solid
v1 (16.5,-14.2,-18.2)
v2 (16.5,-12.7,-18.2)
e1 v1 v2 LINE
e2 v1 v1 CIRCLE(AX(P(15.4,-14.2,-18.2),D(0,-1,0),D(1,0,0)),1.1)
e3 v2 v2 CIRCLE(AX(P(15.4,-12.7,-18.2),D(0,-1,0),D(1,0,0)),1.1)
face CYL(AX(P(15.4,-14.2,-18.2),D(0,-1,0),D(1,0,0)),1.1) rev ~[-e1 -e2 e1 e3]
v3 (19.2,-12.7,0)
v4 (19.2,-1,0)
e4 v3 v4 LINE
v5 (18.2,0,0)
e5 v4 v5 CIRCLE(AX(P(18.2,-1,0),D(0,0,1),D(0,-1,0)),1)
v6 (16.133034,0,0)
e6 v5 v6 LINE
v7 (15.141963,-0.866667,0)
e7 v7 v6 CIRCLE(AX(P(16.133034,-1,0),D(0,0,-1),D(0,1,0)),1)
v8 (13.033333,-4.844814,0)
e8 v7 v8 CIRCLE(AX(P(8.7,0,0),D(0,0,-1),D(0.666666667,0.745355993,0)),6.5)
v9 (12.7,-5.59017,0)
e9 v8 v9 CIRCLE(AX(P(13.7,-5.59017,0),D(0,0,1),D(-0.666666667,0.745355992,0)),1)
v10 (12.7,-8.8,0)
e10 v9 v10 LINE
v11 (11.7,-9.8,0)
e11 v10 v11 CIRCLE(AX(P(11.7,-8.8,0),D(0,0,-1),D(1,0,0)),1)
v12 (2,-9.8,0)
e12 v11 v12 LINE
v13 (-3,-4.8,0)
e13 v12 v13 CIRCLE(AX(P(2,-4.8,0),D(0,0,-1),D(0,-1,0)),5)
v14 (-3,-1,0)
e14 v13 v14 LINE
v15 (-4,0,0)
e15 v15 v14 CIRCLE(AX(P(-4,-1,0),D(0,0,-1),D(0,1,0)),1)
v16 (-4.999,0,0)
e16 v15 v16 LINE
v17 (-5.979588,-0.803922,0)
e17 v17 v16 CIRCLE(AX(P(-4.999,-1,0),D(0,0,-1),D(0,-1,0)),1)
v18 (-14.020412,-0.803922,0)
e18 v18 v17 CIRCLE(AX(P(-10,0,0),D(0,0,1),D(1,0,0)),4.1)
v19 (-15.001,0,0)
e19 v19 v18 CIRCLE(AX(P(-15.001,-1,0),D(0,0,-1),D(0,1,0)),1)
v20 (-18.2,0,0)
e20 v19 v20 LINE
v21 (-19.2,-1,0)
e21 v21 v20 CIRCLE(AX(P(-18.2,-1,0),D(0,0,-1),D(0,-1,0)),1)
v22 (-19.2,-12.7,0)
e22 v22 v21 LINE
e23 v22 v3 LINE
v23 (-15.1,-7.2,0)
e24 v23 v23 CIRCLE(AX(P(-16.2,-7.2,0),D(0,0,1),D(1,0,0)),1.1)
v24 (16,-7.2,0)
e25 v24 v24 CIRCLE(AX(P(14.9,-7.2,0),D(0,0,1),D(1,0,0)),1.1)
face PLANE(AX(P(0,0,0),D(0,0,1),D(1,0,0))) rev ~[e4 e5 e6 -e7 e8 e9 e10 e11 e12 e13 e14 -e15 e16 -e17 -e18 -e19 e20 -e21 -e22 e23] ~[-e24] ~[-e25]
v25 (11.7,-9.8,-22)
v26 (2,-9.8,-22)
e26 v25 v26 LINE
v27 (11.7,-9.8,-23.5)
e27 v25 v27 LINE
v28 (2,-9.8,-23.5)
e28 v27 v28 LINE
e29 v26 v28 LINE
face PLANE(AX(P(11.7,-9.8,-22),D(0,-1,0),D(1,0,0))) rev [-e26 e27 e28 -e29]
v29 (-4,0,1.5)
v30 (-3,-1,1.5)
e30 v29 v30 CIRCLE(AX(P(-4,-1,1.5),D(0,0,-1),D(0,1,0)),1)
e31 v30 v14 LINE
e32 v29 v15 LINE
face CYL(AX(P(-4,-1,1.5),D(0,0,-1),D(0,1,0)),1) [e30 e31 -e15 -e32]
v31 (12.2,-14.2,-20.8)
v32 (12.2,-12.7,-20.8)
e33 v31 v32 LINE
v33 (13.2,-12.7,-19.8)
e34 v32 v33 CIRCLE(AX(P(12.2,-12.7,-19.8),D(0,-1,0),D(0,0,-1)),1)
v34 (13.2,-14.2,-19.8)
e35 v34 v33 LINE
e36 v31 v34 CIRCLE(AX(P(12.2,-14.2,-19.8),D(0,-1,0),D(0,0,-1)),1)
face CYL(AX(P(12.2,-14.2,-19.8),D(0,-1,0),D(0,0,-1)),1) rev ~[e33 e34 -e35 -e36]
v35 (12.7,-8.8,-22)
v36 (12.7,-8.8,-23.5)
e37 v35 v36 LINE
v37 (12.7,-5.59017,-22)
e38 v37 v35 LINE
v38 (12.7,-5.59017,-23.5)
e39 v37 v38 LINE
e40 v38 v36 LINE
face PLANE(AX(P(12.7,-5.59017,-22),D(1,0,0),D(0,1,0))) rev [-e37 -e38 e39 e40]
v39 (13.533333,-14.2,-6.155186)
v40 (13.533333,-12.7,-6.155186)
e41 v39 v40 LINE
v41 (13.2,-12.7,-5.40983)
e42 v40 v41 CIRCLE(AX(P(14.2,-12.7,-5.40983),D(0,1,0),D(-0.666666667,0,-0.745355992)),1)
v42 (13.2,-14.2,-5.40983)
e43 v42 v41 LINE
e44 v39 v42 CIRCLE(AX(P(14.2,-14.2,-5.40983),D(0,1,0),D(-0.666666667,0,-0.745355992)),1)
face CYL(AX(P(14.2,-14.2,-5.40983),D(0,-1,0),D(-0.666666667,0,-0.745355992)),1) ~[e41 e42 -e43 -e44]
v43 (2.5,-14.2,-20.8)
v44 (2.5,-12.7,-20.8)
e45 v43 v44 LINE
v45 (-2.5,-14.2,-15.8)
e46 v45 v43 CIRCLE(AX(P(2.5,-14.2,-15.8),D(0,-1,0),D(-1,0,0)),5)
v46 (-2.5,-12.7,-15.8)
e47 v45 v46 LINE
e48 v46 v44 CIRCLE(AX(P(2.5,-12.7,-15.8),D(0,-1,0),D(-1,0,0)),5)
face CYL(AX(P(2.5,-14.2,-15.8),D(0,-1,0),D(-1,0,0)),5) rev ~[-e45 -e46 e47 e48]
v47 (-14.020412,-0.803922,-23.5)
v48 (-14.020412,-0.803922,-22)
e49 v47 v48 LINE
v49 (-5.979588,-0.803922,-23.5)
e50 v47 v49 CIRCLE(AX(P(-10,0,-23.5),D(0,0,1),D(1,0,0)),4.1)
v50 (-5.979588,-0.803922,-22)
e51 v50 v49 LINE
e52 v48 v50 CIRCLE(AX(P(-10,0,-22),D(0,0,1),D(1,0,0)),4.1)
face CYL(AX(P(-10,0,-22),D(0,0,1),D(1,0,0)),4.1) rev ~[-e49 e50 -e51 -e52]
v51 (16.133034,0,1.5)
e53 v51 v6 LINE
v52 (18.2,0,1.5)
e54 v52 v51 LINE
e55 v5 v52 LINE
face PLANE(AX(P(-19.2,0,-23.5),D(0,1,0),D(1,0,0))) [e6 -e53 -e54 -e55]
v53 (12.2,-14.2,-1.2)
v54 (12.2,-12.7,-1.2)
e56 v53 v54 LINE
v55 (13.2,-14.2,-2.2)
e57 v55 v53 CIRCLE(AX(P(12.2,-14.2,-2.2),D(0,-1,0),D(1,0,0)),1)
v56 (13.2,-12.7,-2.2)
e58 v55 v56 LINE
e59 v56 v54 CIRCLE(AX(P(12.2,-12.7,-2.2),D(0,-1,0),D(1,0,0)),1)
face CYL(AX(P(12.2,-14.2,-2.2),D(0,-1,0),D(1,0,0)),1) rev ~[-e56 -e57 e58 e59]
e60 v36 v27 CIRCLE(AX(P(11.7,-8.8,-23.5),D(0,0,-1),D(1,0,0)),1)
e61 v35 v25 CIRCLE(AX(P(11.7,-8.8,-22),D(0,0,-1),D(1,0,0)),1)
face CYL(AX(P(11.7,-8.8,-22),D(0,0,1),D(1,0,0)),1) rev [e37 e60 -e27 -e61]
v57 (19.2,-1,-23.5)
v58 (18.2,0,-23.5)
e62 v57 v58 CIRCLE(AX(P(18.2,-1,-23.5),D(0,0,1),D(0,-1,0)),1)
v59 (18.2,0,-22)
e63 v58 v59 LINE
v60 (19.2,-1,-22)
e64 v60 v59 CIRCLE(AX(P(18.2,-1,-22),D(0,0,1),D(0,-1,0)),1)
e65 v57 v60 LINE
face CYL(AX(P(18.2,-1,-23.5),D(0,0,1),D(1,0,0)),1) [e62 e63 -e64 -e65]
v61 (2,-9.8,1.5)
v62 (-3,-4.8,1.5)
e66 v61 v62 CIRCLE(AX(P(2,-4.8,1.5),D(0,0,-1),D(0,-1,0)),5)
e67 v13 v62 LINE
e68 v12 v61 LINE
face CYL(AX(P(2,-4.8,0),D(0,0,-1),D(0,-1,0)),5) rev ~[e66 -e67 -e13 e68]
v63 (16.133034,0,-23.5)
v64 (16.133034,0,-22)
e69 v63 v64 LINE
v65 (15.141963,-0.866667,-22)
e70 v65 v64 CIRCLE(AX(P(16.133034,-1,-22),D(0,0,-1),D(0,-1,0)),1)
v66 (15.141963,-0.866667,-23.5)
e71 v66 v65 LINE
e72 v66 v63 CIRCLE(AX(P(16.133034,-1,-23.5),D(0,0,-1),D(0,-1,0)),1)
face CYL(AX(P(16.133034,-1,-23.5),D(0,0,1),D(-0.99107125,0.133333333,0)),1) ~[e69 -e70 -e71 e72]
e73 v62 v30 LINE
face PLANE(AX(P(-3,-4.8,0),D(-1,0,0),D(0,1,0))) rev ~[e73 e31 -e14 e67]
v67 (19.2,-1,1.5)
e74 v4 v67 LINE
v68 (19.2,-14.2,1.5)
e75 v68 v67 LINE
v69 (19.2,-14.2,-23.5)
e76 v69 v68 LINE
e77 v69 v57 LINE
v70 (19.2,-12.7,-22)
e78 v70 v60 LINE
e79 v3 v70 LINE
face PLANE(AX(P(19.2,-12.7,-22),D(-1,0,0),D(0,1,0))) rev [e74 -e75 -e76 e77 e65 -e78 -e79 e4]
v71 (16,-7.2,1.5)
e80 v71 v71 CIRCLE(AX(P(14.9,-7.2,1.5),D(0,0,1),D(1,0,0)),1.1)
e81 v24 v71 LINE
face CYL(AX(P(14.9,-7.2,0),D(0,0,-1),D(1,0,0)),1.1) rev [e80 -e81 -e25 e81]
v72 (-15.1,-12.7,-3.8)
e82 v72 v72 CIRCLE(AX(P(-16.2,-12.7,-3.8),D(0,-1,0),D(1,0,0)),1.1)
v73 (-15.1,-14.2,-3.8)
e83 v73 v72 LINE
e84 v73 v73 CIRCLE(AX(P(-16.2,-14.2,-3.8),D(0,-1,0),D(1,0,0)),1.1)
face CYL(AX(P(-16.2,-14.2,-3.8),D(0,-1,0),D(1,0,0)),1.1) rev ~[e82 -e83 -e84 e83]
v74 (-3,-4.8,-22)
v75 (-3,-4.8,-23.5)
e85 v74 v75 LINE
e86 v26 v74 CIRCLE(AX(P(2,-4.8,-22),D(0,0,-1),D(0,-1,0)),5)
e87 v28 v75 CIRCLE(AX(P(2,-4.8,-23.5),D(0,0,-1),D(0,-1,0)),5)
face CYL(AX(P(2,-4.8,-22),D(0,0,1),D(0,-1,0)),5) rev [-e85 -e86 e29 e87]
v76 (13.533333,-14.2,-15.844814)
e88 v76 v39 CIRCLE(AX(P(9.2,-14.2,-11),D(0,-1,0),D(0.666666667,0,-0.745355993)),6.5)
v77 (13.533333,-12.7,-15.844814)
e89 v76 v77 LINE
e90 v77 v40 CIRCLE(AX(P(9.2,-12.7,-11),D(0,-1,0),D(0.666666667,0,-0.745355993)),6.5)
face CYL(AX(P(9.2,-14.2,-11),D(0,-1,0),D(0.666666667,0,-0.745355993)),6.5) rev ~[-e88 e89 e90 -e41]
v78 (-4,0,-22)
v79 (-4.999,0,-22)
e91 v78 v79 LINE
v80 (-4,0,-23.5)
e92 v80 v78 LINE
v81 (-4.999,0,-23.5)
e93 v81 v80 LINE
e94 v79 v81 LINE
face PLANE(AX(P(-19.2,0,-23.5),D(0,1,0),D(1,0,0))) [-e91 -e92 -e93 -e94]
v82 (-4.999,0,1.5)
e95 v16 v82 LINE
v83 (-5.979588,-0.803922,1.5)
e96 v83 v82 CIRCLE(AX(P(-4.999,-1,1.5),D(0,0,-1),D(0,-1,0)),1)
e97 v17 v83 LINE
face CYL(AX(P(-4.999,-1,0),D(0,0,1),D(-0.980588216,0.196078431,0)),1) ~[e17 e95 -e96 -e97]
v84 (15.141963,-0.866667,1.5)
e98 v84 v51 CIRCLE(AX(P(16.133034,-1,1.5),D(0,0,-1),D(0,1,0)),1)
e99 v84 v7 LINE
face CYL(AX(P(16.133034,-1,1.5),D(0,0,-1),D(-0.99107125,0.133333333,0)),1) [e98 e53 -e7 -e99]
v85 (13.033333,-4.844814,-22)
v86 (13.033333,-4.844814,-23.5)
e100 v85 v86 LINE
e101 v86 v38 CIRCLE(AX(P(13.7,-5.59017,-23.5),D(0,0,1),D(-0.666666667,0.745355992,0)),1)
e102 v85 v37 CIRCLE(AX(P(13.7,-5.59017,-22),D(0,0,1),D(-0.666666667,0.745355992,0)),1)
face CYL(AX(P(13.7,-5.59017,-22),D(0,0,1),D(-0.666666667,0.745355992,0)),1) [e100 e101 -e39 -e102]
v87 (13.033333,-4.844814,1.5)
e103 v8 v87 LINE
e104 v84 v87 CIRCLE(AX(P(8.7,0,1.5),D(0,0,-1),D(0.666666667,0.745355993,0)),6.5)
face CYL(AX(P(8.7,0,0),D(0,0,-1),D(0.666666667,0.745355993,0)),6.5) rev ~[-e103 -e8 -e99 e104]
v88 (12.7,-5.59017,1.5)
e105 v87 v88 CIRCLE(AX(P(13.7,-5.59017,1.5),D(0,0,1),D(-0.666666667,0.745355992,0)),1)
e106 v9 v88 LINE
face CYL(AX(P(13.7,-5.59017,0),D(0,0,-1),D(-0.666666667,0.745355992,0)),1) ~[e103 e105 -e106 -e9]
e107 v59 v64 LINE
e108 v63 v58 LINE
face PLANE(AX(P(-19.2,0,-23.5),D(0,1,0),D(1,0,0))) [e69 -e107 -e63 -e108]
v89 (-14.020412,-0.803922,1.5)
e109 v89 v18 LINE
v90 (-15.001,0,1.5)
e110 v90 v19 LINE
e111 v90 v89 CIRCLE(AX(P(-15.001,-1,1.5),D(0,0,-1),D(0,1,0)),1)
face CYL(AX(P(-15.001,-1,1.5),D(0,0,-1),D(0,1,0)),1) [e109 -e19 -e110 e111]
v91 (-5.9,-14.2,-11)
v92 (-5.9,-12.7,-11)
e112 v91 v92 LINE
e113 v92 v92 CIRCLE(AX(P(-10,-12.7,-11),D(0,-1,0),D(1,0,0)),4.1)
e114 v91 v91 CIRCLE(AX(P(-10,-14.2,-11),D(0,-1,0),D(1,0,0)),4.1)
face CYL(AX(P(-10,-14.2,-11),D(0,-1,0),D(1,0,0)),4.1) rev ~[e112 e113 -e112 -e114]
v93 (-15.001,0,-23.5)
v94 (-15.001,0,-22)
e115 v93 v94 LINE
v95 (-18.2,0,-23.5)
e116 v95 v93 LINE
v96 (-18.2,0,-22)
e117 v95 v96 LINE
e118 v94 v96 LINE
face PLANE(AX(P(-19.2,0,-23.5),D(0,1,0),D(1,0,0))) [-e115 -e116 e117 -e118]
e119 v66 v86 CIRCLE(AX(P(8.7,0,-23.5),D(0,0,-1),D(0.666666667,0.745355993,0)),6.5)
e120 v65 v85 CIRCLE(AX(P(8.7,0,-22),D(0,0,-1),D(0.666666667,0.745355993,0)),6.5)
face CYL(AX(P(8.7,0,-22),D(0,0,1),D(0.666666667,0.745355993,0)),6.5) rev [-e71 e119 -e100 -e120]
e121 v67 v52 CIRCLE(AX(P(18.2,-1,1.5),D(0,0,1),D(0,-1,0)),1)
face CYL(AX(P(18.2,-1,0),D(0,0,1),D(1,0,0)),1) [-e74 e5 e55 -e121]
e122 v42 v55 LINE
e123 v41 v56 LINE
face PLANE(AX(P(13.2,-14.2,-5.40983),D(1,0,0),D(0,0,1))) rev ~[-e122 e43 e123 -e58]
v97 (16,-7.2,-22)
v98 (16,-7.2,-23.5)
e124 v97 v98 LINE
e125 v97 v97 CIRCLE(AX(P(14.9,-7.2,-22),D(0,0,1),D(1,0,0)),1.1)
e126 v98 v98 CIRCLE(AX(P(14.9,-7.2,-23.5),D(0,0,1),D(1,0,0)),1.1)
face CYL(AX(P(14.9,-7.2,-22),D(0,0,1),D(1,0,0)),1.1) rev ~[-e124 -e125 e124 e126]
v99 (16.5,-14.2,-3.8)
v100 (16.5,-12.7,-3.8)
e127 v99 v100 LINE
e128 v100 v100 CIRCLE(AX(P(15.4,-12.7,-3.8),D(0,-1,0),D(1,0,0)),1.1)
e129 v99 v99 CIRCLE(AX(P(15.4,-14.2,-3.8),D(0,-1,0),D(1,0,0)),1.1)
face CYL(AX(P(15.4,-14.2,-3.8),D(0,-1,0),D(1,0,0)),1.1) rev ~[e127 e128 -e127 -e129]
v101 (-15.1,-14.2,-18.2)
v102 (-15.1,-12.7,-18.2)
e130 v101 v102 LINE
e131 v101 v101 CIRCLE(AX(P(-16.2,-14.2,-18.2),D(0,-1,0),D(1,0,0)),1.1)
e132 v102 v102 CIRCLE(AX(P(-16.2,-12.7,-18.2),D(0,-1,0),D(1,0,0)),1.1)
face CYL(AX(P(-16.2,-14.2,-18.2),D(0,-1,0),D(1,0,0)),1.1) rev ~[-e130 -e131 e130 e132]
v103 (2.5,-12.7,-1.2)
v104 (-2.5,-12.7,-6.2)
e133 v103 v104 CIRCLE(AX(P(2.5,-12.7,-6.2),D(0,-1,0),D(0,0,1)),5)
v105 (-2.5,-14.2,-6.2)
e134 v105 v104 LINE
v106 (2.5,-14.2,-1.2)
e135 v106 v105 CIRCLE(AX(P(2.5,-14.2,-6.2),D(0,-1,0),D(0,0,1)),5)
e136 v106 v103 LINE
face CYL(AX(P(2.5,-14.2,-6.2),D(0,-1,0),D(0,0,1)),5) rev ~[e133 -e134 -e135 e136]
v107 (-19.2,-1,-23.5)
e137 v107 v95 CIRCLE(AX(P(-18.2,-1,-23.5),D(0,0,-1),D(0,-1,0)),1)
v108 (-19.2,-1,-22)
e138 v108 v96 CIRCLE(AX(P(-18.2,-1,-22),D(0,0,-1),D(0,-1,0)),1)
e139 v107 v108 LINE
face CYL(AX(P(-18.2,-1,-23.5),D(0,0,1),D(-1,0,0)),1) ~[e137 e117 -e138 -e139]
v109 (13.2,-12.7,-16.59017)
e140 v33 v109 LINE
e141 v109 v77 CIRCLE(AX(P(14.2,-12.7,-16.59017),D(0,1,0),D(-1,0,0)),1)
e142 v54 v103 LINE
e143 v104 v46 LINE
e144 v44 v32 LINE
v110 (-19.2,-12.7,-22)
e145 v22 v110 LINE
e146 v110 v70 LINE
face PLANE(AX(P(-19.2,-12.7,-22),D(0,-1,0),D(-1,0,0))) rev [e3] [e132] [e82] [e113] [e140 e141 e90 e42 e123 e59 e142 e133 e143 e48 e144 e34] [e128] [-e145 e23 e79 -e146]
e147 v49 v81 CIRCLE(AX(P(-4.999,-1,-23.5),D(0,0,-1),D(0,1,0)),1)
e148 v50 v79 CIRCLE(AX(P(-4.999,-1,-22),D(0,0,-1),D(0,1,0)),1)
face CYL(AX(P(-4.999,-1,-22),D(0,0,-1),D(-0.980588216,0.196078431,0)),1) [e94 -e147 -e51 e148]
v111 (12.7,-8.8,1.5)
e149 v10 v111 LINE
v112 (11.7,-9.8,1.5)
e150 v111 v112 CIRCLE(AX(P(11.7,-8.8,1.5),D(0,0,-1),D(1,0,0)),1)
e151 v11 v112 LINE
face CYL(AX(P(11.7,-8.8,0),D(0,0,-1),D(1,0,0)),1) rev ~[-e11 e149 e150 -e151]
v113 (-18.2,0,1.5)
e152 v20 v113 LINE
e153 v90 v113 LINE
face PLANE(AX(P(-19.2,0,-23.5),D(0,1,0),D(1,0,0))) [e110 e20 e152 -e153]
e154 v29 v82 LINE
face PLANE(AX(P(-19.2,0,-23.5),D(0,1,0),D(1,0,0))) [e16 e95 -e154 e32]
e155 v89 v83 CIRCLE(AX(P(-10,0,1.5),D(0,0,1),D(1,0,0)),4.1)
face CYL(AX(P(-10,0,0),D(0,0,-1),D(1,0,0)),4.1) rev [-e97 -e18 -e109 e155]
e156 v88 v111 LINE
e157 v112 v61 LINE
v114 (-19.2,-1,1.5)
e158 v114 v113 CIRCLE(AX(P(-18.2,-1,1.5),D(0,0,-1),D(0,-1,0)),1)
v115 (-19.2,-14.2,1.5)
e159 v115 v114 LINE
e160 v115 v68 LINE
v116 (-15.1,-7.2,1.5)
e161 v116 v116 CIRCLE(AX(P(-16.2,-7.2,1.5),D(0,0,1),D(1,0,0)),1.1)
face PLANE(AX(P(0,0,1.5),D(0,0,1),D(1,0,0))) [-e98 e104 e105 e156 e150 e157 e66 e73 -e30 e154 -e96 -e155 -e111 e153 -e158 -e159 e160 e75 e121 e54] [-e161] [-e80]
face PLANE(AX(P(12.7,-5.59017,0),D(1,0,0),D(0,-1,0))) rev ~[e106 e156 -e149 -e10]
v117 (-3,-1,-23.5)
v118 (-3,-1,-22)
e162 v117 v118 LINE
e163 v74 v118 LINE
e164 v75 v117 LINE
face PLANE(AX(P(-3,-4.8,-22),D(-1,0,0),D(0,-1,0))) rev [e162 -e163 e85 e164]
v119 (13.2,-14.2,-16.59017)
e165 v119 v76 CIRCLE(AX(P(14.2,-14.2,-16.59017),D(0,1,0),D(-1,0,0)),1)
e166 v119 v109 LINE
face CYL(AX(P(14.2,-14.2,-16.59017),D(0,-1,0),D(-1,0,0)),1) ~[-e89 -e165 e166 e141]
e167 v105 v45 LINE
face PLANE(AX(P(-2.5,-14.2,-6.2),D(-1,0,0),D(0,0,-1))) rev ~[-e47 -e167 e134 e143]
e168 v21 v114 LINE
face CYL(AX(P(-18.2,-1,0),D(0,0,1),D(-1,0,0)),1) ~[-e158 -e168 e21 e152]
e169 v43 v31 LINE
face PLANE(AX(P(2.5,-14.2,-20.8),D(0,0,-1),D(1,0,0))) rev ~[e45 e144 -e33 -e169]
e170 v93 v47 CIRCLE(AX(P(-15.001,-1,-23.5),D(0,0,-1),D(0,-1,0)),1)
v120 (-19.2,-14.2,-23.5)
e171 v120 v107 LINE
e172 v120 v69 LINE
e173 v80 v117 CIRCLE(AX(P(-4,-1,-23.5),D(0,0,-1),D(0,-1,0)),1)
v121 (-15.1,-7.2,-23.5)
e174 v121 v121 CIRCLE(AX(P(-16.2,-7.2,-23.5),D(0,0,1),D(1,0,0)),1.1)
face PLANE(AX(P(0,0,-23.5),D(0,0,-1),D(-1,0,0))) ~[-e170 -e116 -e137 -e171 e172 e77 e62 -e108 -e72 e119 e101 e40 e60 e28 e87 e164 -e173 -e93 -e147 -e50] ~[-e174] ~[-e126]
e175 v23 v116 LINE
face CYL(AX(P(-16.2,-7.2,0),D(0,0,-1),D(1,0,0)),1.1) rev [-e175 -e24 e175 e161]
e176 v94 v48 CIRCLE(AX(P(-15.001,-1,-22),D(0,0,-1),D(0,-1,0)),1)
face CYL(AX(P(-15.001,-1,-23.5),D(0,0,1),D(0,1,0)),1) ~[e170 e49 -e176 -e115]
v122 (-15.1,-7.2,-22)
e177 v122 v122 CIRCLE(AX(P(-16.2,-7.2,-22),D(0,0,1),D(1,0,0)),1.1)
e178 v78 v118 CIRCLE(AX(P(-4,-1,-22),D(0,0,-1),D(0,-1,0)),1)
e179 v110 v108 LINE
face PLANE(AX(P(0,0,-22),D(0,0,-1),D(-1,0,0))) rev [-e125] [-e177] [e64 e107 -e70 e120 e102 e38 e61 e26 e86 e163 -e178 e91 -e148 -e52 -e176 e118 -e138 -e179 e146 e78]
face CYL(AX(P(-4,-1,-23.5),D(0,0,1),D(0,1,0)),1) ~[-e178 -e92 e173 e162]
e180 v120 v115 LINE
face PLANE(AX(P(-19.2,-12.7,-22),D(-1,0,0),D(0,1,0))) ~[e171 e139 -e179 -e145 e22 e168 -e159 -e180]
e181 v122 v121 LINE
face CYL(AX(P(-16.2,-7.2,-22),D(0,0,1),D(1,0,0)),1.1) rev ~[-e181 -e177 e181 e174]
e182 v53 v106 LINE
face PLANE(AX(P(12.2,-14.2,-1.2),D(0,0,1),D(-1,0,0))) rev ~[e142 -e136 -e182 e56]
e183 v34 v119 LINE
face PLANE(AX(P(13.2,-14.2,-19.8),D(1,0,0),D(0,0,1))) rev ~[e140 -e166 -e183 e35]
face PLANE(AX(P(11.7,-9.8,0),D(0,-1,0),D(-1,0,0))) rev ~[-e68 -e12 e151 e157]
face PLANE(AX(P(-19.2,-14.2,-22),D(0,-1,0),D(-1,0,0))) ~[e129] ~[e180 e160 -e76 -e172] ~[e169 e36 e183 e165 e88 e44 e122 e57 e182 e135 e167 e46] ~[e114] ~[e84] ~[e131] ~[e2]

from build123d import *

# Parameters (mm, degrees)
F0_W     = 38.4
F0_H     = 28.4
F0_R     = 1.1
F0_R_2   = 4.1
F1_DEPTH = 1.5
F2_W     = 38.4
F2_H     = 1.5
F3_DEPTH = 11
F6_W     = 38.4
F6_H     = 14.2
F7_DEPTH = 25.001
F8_R     = 4.1
F8_R_2   = 1.1
F9_DEPTH = 1.5
F10_R    = 1


with BuildPart() as f1:
    # F0 (on Top) → F1 (new body)
    with BuildSketch(Plane.XY):
        Rectangle(F0_W, F0_H)
        with Locations((-16.2, -7.2)):
            Circle(F0_R, mode=Mode.SUBTRACT)
        with Locations((14.9, -7.2)):
            Circle(F0_R, mode=Mode.SUBTRACT)
        with Locations((-10, 0)):
            Circle(F0_R_2, mode=Mode.SUBTRACT)
        with Locations((-16.2, 7.2)):
            Circle(F0_R, mode=Mode.SUBTRACT)
        with BuildLine():
            ThreePointArc((-3, 4.8), (-1.5355339059, 8.3355339059), (2, 9.8))
            Line((2, 9.8), (11.7, 9.8))
            ThreePointArc((11.7, 9.8), (12.4071067812, 9.5071067812), (12.7, 8.8))
            Line((12.7, 8.8), (12.7, 5.5901699437))
            ThreePointArc((12.7, 5.5901699437), (12.7871290708, 5.1819216533), (13.0333333333, 4.8448139512))
            ThreePointArc((13.0333333333, 4.8448139512), (15.2, 0), (13.0333333333, -4.8448139512))
            ThreePointArc((13.0333333333, -4.8448139512), (12.7871290708, -5.1819216533), (12.7, -5.5901699437))
            Line((12.7, -5.5901699437), (12.7, -8.8))
            ThreePointArc((12.7, -8.8), (12.4071067812, -9.5071067812), (11.7, -9.8))
            Line((11.7, -9.8), (2, -9.8))
            ThreePointArc((2, -9.8), (-1.5355339059, -8.3355339059), (-3, -4.8))
            Line((-3, -4.8), (-3, 4.8))
        make_face(mode=Mode.SUBTRACT)
        with Locations((14.9, 7.2)):
            Circle(F0_R, mode=Mode.SUBTRACT)
    extrude(amount=F1_DEPTH)

    # F2 (on face) → F3 (join)
    with BuildSketch(Plane(origin=(0, 0, 0), x_dir=(1, 0, 0), z_dir=(0, 0, -1))):
        with Locations((0, 13.45)):
            Rectangle(F2_W, F2_H)
    extrude(amount=F3_DEPTH)

    # F5: F1 across plane


with BuildPart() as f1_1:
    add(f1.part)
    add(f1.part.mirror(Plane.XY.offset(-11)))

    # F6 (on face) → F7 (cut, through all)
    with BuildSketch(Plane(origin=(0, 0, -23.5), x_dir=(1, 0, 0), z_dir=(0, 0, -1))):
        with Locations((0, -7.1)):
            Rectangle(F6_W, F6_H)
    extrude(amount=-F7_DEPTH, mode=Mode.SUBTRACT)

    # F8 (on face) → F9 (cut, through all)
    with BuildSketch(Plane.XZ.offset(14.2)):
        with Locations((-10, -11)):
            Circle(F8_R)
        with Locations((-16.2, -3.8)):
            Circle(F8_R_2)
        with Locations((15.4, -3.8)):
            Circle(F8_R_2)
        with BuildLine():
            Line((12.2, -1.2), (2.5, -1.2))
            ThreePointArc((2.5, -1.2), (-1.0355339059, -2.6644660941), (-2.5, -6.2))
            Line((-2.5, -6.2), (-2.5, -15.8))
            ThreePointArc((-2.5, -15.8), (-1.0355339059, -19.3355339059), (2.5, -20.8))
            Line((2.5, -20.8), (12.2, -20.8))
            ThreePointArc((12.2, -20.8), (12.9071067812, -20.5071067812), (13.2, -19.8))
            Line((13.2, -19.8), (13.2, -16.5901699437))
            ThreePointArc((13.2, -16.5901699437), (13.2871290708, -16.1819216533), (13.5333333333, -15.8448139512))
            ThreePointArc((13.5333333333, -15.8448139512), (15.7, -11), (13.5333333333, -6.1551860488))
            ThreePointArc((13.5333333333, -6.1551860488), (13.2871290708, -5.8180783467), (13.2, -5.4098300563))
            Line((13.2, -5.4098300563), (13.2, -2.2))
            ThreePointArc((13.2, -2.2), (12.9071067812, -1.4928932188), (12.2, -1.2))
        make_face()
        with Locations((-16.2, -18.2)):
            Circle(F8_R_2)
        with Locations((15.4, -18.2)):
            Circle(F8_R_2)
    extrude(amount=-F9_DEPTH, mode=Mode.SUBTRACT)

    # F10
    f10_edges = [f1_1.edges().sort_by_distance(p)[0] for p in [
        (-19.2, 0, -22.75),
        (-19.2, 0, 0.75),
        (-5.9, 0, 0.75),
        (-14.1, 0, 0.75),
        (-5.9, 0, -22.75),
        (-14.1, 0, -22.75),
        (-3, 0, -22.75),
        (15.2, 0, -22.75),
        (15.2, 0, 0.75),
        (19.2, 0, -22.75),
        (19.2, 0, 0.75),
        (-3, 0, 0.75),
    ]]
    fillet(f10_edges, radius=F10_R)


solid = f1_1.part
